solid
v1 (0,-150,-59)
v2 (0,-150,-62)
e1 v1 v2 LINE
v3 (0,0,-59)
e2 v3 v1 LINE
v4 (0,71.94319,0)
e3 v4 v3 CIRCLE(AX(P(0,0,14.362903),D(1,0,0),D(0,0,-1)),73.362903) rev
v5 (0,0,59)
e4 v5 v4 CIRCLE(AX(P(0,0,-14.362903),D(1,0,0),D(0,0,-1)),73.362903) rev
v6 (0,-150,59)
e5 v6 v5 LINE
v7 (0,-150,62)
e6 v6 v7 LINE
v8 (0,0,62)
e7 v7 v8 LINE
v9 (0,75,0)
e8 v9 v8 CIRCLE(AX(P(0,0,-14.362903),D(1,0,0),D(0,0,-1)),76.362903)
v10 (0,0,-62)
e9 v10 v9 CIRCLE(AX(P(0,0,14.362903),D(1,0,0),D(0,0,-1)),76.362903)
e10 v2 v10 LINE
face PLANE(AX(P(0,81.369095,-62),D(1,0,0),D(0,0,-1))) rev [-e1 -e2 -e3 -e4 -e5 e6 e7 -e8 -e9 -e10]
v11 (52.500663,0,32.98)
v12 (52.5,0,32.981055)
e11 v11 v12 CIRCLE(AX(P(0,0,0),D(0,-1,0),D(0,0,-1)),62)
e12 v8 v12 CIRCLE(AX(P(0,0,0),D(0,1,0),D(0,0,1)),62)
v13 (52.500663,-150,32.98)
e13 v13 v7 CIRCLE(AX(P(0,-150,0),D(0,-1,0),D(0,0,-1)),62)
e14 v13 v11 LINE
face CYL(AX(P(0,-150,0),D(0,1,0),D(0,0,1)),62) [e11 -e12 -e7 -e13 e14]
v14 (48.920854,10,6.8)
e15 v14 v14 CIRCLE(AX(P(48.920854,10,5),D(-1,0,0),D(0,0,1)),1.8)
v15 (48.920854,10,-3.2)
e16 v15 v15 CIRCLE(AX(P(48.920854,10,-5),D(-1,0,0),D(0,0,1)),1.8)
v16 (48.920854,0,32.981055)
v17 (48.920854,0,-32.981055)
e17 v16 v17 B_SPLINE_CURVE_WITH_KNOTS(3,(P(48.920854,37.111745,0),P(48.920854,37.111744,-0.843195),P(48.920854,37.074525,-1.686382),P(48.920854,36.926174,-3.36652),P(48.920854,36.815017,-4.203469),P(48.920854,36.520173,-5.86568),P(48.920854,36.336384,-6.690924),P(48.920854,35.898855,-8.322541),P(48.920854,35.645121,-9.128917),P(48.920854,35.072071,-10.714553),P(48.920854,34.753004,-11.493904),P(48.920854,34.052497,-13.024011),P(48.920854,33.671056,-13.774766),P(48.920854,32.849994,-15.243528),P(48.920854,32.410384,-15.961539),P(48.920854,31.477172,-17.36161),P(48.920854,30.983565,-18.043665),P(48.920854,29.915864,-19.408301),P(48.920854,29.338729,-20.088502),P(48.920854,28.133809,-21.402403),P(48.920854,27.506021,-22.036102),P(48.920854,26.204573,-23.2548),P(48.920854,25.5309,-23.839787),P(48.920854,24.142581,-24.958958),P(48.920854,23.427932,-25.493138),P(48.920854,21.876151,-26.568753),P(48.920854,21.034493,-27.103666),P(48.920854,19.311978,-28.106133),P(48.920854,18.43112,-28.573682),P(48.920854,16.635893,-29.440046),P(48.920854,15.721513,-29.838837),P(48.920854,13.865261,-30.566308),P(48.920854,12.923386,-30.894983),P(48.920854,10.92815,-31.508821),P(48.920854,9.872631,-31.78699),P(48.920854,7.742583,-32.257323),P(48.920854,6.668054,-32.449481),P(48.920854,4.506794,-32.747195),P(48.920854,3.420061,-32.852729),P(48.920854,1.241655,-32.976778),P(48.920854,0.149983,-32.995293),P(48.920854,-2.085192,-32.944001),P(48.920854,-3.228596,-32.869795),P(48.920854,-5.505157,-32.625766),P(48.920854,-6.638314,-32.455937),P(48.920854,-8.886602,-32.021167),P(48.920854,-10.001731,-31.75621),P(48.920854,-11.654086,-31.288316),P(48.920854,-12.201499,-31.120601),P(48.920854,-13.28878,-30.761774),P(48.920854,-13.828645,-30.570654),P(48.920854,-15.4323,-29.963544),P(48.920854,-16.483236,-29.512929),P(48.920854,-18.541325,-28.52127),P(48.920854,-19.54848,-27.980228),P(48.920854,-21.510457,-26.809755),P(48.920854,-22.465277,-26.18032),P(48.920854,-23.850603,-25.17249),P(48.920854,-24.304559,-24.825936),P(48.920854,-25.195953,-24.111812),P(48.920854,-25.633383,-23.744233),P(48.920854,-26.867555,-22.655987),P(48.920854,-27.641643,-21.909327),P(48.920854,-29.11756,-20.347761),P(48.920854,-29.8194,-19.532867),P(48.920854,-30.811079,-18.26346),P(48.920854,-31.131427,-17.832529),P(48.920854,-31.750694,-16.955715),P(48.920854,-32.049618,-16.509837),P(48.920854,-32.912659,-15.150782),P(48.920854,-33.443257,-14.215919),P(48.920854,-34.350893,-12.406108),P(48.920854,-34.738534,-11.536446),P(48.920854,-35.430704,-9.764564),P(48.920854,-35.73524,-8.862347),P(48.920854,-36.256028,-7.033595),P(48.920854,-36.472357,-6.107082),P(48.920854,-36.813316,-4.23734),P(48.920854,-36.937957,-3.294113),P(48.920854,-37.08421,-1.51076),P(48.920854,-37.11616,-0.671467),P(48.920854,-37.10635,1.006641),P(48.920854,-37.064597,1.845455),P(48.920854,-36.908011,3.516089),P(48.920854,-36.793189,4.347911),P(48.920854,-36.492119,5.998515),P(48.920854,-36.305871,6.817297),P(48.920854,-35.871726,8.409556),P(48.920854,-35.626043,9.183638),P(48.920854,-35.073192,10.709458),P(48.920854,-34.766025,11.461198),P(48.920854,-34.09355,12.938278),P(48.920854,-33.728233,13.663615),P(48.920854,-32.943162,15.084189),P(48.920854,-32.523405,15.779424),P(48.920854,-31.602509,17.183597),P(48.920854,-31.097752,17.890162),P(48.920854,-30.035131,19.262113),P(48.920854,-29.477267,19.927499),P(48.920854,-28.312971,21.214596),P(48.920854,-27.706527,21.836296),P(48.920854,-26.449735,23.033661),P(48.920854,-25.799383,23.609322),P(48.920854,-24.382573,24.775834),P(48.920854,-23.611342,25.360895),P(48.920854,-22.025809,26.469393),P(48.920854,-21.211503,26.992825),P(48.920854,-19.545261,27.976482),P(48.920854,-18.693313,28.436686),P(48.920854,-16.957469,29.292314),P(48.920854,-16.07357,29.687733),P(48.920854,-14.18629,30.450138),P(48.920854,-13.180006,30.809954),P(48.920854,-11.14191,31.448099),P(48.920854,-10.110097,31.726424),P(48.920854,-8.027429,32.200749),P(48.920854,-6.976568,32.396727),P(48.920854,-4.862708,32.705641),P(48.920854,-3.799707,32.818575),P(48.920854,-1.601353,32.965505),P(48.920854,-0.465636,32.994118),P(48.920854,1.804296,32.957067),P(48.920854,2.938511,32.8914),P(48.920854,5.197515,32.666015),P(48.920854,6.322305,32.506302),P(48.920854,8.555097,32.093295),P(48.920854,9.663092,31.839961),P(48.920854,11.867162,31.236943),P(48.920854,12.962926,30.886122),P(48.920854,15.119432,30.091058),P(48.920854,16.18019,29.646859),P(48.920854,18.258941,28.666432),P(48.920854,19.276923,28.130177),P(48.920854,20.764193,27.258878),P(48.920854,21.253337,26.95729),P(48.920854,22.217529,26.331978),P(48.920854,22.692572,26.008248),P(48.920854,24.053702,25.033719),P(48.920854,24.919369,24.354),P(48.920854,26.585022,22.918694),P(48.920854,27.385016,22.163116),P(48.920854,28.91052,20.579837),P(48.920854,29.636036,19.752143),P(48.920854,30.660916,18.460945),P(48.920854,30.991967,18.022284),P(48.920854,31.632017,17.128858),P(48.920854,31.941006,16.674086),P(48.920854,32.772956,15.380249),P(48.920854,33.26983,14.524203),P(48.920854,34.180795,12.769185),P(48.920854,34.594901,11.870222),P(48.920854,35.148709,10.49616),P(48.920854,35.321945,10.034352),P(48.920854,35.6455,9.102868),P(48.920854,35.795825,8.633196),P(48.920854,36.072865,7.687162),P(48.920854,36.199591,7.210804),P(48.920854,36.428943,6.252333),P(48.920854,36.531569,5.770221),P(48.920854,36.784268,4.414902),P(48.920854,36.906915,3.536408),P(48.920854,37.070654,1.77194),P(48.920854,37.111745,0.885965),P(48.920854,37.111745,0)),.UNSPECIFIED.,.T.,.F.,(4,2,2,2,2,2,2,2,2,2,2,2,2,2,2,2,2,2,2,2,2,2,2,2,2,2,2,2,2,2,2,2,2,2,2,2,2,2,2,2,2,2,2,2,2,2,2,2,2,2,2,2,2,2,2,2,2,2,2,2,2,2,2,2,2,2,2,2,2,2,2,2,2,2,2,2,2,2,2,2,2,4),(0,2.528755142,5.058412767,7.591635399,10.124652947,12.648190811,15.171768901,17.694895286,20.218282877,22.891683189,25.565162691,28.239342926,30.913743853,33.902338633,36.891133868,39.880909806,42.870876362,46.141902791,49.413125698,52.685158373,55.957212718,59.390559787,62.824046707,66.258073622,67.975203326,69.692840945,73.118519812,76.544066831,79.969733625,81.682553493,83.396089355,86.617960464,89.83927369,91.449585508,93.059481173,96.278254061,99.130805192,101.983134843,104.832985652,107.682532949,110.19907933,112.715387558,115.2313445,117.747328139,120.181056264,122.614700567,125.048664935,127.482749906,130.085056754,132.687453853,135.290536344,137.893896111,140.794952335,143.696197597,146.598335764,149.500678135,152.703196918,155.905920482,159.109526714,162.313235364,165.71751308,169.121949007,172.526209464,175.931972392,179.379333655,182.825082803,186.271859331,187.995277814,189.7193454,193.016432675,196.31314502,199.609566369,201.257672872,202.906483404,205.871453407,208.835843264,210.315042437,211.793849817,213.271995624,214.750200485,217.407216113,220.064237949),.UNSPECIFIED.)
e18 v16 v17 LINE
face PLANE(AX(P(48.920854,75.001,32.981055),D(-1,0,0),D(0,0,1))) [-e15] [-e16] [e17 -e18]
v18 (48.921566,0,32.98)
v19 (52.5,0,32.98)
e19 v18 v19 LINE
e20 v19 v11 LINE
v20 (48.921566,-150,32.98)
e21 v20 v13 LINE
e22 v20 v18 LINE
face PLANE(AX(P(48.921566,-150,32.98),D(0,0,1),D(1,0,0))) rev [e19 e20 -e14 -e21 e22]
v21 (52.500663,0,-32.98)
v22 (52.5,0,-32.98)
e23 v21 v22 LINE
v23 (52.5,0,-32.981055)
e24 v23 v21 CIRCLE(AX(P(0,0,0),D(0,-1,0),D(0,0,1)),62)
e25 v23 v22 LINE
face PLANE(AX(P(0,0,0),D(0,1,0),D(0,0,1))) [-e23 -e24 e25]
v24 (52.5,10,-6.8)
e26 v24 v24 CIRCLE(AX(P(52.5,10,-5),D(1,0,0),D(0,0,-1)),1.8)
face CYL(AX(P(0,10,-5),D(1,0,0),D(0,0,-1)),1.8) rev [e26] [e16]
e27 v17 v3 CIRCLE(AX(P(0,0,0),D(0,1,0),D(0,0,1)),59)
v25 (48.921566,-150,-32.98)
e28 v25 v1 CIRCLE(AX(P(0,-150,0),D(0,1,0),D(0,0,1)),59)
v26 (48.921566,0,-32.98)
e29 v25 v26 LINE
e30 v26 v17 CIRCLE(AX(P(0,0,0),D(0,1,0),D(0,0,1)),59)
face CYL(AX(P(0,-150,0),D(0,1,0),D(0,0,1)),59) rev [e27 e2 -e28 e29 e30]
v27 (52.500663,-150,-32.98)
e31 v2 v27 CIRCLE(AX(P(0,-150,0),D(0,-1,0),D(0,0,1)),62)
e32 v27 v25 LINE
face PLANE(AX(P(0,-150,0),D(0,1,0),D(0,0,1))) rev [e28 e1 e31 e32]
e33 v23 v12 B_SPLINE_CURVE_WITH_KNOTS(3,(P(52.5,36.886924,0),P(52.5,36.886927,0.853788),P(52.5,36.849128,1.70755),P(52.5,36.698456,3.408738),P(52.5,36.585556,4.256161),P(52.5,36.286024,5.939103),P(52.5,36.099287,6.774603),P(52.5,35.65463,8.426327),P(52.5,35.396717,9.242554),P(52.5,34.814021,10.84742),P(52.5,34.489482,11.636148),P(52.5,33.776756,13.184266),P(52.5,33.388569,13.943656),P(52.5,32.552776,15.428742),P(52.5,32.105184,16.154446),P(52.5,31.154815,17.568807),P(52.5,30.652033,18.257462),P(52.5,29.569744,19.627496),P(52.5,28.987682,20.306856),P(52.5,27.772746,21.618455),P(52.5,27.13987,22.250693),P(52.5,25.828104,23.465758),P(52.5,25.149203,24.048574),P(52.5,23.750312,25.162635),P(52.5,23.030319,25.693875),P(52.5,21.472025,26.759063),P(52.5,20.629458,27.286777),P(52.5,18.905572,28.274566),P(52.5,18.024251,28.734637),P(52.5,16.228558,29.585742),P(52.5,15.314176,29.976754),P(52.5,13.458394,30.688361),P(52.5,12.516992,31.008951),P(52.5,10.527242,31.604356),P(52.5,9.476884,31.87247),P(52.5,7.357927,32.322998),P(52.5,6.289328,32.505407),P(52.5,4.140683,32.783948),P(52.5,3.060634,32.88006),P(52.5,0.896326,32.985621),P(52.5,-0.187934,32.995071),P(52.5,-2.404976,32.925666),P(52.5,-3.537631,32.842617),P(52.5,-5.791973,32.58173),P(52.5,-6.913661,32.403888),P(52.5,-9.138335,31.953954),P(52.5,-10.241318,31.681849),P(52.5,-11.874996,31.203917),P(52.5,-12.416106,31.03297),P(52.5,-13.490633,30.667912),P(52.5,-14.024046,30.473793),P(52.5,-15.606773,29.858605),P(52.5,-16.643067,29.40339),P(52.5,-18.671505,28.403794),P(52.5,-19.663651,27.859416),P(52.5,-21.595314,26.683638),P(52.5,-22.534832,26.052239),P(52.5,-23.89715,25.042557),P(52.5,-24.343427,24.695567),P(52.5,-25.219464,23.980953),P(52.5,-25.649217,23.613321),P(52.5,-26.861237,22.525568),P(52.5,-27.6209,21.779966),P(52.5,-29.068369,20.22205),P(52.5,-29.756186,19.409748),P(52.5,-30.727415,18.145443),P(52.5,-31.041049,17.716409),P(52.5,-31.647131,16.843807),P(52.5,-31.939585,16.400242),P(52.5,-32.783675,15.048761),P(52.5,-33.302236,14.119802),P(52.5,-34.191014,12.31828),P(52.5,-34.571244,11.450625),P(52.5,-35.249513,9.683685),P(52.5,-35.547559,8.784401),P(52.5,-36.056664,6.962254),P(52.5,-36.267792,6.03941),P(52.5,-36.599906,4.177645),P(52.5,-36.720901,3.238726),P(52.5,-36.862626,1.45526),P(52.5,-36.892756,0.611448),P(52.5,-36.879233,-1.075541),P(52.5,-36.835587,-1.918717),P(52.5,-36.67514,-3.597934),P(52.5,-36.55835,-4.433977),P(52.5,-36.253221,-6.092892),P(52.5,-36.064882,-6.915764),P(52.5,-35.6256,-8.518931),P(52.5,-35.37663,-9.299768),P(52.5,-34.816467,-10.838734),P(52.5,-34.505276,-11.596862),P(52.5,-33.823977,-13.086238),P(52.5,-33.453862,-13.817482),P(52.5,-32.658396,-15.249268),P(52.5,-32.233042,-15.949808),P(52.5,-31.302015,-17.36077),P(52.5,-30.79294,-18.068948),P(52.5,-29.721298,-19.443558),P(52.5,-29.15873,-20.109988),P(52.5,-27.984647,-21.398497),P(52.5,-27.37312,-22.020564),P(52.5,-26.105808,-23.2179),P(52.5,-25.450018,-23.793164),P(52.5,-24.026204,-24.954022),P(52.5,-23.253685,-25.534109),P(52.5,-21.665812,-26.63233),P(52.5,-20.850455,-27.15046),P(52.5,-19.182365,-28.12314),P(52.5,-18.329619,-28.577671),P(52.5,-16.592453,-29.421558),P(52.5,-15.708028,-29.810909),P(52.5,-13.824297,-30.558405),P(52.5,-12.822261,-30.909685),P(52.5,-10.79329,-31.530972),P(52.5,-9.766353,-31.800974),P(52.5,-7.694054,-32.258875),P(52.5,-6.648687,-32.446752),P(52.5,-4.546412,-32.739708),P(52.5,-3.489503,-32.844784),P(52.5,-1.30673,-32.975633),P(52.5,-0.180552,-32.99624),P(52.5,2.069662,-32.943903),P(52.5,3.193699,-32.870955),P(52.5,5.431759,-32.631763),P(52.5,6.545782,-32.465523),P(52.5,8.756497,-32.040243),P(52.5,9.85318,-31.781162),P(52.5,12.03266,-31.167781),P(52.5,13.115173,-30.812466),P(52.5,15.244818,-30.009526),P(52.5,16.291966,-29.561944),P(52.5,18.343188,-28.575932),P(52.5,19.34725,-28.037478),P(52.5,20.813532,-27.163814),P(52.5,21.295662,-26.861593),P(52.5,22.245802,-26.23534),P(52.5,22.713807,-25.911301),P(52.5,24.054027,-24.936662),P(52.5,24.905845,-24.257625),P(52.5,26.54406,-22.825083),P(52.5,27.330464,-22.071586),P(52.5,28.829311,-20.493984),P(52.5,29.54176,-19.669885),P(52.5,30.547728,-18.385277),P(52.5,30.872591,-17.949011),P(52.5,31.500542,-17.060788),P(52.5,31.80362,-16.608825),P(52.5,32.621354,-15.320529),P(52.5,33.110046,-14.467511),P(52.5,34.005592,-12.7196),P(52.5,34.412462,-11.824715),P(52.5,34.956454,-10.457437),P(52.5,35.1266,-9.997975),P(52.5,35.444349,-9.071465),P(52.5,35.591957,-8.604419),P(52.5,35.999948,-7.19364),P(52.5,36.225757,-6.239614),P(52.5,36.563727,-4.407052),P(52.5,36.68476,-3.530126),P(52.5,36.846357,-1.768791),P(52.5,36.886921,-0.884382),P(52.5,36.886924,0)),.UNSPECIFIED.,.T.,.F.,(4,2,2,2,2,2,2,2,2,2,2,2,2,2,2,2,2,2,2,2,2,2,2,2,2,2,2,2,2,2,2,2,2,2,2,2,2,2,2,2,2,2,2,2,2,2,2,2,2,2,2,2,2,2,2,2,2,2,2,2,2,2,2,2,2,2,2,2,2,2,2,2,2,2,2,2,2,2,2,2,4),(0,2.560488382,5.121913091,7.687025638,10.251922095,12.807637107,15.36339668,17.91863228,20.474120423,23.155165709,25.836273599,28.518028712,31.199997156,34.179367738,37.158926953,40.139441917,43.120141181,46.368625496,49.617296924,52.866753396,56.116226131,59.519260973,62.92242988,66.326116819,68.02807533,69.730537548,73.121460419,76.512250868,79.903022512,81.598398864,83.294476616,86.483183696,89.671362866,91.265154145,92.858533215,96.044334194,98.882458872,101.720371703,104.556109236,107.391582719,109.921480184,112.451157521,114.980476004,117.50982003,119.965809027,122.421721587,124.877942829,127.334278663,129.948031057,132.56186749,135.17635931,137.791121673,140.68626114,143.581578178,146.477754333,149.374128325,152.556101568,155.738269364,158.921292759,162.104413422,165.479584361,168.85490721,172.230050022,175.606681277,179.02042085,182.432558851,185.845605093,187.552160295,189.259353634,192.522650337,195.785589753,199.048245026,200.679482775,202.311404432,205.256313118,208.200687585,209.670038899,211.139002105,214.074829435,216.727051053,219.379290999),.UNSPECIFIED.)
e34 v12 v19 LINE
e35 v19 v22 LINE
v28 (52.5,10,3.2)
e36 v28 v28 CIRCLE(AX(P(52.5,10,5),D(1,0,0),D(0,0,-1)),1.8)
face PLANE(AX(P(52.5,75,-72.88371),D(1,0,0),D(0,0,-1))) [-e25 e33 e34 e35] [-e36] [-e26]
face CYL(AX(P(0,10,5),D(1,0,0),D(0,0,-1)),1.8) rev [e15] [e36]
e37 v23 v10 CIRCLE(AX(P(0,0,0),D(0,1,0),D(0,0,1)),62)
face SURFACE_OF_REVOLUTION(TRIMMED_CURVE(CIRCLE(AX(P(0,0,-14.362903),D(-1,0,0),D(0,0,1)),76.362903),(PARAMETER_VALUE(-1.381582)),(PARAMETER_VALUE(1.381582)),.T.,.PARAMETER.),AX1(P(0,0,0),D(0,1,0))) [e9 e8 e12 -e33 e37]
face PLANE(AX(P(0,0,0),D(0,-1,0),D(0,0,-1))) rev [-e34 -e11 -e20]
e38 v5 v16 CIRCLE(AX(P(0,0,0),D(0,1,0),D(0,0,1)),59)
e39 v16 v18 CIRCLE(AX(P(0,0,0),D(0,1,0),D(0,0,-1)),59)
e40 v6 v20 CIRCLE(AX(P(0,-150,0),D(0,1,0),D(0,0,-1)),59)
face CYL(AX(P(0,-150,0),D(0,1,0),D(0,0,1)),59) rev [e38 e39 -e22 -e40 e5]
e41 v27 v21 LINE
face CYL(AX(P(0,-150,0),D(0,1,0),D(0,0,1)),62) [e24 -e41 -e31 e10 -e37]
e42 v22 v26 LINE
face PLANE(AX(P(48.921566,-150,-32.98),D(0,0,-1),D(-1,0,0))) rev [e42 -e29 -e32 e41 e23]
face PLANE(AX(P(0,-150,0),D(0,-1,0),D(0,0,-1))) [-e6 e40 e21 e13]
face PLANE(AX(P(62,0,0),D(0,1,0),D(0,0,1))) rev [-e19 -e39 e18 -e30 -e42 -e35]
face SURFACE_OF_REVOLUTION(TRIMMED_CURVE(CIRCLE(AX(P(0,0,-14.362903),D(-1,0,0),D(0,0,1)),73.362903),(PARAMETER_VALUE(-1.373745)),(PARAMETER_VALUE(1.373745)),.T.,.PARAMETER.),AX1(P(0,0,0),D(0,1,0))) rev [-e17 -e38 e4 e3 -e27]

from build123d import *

# Parameters (mm, degrees)
SKETCH2_OUTSIDE_W       = 164.146
SKETCH2_OUTSIDE_H       = 164.146
SKETCH2_OUTSIDE_W_2     = 105
SKETCH2_OUTSIDE_H_2     = 145.767420334
CUT_EXTRUDE2_DEPTH      = 116.381974501
BOSS_EXTRUDE2_REACH     = 112.568
SKETCH3_W               = 3.579145551
SKETCH3_H               = 65.962110336
BOSS_EXTRUDE4_DEPTH     = 150
CUT_EXTRUDE3_DEPTH      = 171.58815789
CUT_EXTRUDE3_DEPTH_BACK = 171.58815789
SKETCH5_W               = 112.520122243
SKETCH5_H               = 235.639617785
CUT_EXTRUDE4_DEPTH      = 171.587954009
CUT_EXTRUDE4_DEPTH_BACK = 171.587954009
SKETCH6_R               = 1.8


with BuildPart() as part:
    # Sketch1 → Revolve1 (revolve)
    with BuildSketch(Plane.XY):
        with BuildLine():
            Line((62, 0), (59, 0))
            ThreePointArc((59, 0), (42.363721251, 46.52102369), (0, 71.943189953))
            Line((0, 71.943189953), (0, 75))
            ThreePointArc((0, 75), (44.493217858, 48.65439343), (62, 0))
        make_face()
    revolve(axis=Axis((0, 75, 0), (0, -1, 0)))

    # Sketch2 outside → Cut-Extrude2 (cut, through all)
    with BuildSketch(Plane(origin=(0, 0, 0), x_dir=(-1, 0, 0), z_dir=(0, -1, 0))):
        Rectangle(SKETCH2_OUTSIDE_W, SKETCH2_OUTSIDE_H)
        Rectangle(SKETCH2_OUTSIDE_W_2, SKETCH2_OUTSIDE_H_2, mode=Mode.SUBTRACT)
    extrude(amount=-CUT_EXTRUDE2_DEPTH, mode=Mode.SUBTRACT)

    # Sketch3 → Boss-Extrude2 (add, up to next)
    with BuildSketch(Plane.XZ, mode=Mode.PRIVATE) as boss_extrude2_sk1:
        with Locations((-50.710427225, 0)):
            Rectangle(SKETCH3_W, SKETCH3_H)
    boss_extrude2_tool1 = extrude(boss_extrude2_sk1.sketch, amount=-BOSS_EXTRUDE2_REACH, mode=Mode.PRIVATE) - part.part
    # Sketch3 → Boss-Extrude2 (add, up to next)
    with BuildSketch(Plane.XZ, mode=Mode.PRIVATE) as boss_extrude2_sk2:
        with Locations((50.710427225, 0)):
            Rectangle(SKETCH3_W, SKETCH3_H)
    boss_extrude2_tool2 = extrude(boss_extrude2_sk2.sketch, amount=-BOSS_EXTRUDE2_REACH, mode=Mode.PRIVATE) - part.part
    add(boss_extrude2_tool1.solids().sort_by_distance((-50.710427, 0, 0))[0])
    add(boss_extrude2_tool2.solids().sort_by_distance((50.710427, 0, 0))[0])

    # Sketch4 → Boss-Extrude4 (add)
    with BuildSketch(Plane(origin=(0, 0, 0), x_dir=(-1, 0, 0), z_dir=(0, -1, 0))):
        with BuildLine():
            Line((52.500662853, -32.98), (48.921565797, -32.98))
            ThreePointArc((48.921565797, -32.98), (0, -59), (-48.921565797, -32.98))
            Line((-48.921565797, -32.98), (-52.500662853, -32.98))
            ThreePointArc((-52.500662853, -32.98), (0, -62), (52.500662853, -32.98))
        make_face()
        with BuildLine():
            Line((-48.921565797, 32.98), (-52.500662853, 32.98))
            ThreePointArc((-52.500662853, 32.98), (0, 62), (52.500662853, 32.98))
            Line((52.500662853, 32.98), (48.921565797, 32.98))
            ThreePointArc((48.921565797, 32.98), (0, 59), (-48.921565797, 32.98))
        make_face()
    extrude(amount=BOSS_EXTRUDE4_DEPTH)

    # Sketch5 → Cut-Extrude3 (cut, two sides: drawn at the far end of the back side and taken through both)
    with BuildSketch(Plane.XY.offset(-CUT_EXTRUDE3_DEPTH_BACK)):
        with Locations((-56.260061122, -36.450714171)):
            Rectangle(SKETCH5_W, SKETCH5_H)
    extrude(amount=CUT_EXTRUDE3_DEPTH + CUT_EXTRUDE3_DEPTH_BACK, mode=Mode.SUBTRACT)

    # Sketch6 → Cut-Extrude4 (cut, two sides: drawn at the far end of the back side and taken through both)
    with BuildSketch(Plane(origin=(52.5, 0, 0), x_dir=(0, 0, -1), z_dir=(1, 0, 0)).offset(-CUT_EXTRUDE4_DEPTH_BACK)):
        with Locations((-5, 10)):
            Circle(SKETCH6_R)
        with Locations((5, 10)):
            Circle(SKETCH6_R)
    extrude(amount=CUT_EXTRUDE4_DEPTH + CUT_EXTRUDE4_DEPTH_BACK, mode=Mode.SUBTRACT)


solid = part.part
